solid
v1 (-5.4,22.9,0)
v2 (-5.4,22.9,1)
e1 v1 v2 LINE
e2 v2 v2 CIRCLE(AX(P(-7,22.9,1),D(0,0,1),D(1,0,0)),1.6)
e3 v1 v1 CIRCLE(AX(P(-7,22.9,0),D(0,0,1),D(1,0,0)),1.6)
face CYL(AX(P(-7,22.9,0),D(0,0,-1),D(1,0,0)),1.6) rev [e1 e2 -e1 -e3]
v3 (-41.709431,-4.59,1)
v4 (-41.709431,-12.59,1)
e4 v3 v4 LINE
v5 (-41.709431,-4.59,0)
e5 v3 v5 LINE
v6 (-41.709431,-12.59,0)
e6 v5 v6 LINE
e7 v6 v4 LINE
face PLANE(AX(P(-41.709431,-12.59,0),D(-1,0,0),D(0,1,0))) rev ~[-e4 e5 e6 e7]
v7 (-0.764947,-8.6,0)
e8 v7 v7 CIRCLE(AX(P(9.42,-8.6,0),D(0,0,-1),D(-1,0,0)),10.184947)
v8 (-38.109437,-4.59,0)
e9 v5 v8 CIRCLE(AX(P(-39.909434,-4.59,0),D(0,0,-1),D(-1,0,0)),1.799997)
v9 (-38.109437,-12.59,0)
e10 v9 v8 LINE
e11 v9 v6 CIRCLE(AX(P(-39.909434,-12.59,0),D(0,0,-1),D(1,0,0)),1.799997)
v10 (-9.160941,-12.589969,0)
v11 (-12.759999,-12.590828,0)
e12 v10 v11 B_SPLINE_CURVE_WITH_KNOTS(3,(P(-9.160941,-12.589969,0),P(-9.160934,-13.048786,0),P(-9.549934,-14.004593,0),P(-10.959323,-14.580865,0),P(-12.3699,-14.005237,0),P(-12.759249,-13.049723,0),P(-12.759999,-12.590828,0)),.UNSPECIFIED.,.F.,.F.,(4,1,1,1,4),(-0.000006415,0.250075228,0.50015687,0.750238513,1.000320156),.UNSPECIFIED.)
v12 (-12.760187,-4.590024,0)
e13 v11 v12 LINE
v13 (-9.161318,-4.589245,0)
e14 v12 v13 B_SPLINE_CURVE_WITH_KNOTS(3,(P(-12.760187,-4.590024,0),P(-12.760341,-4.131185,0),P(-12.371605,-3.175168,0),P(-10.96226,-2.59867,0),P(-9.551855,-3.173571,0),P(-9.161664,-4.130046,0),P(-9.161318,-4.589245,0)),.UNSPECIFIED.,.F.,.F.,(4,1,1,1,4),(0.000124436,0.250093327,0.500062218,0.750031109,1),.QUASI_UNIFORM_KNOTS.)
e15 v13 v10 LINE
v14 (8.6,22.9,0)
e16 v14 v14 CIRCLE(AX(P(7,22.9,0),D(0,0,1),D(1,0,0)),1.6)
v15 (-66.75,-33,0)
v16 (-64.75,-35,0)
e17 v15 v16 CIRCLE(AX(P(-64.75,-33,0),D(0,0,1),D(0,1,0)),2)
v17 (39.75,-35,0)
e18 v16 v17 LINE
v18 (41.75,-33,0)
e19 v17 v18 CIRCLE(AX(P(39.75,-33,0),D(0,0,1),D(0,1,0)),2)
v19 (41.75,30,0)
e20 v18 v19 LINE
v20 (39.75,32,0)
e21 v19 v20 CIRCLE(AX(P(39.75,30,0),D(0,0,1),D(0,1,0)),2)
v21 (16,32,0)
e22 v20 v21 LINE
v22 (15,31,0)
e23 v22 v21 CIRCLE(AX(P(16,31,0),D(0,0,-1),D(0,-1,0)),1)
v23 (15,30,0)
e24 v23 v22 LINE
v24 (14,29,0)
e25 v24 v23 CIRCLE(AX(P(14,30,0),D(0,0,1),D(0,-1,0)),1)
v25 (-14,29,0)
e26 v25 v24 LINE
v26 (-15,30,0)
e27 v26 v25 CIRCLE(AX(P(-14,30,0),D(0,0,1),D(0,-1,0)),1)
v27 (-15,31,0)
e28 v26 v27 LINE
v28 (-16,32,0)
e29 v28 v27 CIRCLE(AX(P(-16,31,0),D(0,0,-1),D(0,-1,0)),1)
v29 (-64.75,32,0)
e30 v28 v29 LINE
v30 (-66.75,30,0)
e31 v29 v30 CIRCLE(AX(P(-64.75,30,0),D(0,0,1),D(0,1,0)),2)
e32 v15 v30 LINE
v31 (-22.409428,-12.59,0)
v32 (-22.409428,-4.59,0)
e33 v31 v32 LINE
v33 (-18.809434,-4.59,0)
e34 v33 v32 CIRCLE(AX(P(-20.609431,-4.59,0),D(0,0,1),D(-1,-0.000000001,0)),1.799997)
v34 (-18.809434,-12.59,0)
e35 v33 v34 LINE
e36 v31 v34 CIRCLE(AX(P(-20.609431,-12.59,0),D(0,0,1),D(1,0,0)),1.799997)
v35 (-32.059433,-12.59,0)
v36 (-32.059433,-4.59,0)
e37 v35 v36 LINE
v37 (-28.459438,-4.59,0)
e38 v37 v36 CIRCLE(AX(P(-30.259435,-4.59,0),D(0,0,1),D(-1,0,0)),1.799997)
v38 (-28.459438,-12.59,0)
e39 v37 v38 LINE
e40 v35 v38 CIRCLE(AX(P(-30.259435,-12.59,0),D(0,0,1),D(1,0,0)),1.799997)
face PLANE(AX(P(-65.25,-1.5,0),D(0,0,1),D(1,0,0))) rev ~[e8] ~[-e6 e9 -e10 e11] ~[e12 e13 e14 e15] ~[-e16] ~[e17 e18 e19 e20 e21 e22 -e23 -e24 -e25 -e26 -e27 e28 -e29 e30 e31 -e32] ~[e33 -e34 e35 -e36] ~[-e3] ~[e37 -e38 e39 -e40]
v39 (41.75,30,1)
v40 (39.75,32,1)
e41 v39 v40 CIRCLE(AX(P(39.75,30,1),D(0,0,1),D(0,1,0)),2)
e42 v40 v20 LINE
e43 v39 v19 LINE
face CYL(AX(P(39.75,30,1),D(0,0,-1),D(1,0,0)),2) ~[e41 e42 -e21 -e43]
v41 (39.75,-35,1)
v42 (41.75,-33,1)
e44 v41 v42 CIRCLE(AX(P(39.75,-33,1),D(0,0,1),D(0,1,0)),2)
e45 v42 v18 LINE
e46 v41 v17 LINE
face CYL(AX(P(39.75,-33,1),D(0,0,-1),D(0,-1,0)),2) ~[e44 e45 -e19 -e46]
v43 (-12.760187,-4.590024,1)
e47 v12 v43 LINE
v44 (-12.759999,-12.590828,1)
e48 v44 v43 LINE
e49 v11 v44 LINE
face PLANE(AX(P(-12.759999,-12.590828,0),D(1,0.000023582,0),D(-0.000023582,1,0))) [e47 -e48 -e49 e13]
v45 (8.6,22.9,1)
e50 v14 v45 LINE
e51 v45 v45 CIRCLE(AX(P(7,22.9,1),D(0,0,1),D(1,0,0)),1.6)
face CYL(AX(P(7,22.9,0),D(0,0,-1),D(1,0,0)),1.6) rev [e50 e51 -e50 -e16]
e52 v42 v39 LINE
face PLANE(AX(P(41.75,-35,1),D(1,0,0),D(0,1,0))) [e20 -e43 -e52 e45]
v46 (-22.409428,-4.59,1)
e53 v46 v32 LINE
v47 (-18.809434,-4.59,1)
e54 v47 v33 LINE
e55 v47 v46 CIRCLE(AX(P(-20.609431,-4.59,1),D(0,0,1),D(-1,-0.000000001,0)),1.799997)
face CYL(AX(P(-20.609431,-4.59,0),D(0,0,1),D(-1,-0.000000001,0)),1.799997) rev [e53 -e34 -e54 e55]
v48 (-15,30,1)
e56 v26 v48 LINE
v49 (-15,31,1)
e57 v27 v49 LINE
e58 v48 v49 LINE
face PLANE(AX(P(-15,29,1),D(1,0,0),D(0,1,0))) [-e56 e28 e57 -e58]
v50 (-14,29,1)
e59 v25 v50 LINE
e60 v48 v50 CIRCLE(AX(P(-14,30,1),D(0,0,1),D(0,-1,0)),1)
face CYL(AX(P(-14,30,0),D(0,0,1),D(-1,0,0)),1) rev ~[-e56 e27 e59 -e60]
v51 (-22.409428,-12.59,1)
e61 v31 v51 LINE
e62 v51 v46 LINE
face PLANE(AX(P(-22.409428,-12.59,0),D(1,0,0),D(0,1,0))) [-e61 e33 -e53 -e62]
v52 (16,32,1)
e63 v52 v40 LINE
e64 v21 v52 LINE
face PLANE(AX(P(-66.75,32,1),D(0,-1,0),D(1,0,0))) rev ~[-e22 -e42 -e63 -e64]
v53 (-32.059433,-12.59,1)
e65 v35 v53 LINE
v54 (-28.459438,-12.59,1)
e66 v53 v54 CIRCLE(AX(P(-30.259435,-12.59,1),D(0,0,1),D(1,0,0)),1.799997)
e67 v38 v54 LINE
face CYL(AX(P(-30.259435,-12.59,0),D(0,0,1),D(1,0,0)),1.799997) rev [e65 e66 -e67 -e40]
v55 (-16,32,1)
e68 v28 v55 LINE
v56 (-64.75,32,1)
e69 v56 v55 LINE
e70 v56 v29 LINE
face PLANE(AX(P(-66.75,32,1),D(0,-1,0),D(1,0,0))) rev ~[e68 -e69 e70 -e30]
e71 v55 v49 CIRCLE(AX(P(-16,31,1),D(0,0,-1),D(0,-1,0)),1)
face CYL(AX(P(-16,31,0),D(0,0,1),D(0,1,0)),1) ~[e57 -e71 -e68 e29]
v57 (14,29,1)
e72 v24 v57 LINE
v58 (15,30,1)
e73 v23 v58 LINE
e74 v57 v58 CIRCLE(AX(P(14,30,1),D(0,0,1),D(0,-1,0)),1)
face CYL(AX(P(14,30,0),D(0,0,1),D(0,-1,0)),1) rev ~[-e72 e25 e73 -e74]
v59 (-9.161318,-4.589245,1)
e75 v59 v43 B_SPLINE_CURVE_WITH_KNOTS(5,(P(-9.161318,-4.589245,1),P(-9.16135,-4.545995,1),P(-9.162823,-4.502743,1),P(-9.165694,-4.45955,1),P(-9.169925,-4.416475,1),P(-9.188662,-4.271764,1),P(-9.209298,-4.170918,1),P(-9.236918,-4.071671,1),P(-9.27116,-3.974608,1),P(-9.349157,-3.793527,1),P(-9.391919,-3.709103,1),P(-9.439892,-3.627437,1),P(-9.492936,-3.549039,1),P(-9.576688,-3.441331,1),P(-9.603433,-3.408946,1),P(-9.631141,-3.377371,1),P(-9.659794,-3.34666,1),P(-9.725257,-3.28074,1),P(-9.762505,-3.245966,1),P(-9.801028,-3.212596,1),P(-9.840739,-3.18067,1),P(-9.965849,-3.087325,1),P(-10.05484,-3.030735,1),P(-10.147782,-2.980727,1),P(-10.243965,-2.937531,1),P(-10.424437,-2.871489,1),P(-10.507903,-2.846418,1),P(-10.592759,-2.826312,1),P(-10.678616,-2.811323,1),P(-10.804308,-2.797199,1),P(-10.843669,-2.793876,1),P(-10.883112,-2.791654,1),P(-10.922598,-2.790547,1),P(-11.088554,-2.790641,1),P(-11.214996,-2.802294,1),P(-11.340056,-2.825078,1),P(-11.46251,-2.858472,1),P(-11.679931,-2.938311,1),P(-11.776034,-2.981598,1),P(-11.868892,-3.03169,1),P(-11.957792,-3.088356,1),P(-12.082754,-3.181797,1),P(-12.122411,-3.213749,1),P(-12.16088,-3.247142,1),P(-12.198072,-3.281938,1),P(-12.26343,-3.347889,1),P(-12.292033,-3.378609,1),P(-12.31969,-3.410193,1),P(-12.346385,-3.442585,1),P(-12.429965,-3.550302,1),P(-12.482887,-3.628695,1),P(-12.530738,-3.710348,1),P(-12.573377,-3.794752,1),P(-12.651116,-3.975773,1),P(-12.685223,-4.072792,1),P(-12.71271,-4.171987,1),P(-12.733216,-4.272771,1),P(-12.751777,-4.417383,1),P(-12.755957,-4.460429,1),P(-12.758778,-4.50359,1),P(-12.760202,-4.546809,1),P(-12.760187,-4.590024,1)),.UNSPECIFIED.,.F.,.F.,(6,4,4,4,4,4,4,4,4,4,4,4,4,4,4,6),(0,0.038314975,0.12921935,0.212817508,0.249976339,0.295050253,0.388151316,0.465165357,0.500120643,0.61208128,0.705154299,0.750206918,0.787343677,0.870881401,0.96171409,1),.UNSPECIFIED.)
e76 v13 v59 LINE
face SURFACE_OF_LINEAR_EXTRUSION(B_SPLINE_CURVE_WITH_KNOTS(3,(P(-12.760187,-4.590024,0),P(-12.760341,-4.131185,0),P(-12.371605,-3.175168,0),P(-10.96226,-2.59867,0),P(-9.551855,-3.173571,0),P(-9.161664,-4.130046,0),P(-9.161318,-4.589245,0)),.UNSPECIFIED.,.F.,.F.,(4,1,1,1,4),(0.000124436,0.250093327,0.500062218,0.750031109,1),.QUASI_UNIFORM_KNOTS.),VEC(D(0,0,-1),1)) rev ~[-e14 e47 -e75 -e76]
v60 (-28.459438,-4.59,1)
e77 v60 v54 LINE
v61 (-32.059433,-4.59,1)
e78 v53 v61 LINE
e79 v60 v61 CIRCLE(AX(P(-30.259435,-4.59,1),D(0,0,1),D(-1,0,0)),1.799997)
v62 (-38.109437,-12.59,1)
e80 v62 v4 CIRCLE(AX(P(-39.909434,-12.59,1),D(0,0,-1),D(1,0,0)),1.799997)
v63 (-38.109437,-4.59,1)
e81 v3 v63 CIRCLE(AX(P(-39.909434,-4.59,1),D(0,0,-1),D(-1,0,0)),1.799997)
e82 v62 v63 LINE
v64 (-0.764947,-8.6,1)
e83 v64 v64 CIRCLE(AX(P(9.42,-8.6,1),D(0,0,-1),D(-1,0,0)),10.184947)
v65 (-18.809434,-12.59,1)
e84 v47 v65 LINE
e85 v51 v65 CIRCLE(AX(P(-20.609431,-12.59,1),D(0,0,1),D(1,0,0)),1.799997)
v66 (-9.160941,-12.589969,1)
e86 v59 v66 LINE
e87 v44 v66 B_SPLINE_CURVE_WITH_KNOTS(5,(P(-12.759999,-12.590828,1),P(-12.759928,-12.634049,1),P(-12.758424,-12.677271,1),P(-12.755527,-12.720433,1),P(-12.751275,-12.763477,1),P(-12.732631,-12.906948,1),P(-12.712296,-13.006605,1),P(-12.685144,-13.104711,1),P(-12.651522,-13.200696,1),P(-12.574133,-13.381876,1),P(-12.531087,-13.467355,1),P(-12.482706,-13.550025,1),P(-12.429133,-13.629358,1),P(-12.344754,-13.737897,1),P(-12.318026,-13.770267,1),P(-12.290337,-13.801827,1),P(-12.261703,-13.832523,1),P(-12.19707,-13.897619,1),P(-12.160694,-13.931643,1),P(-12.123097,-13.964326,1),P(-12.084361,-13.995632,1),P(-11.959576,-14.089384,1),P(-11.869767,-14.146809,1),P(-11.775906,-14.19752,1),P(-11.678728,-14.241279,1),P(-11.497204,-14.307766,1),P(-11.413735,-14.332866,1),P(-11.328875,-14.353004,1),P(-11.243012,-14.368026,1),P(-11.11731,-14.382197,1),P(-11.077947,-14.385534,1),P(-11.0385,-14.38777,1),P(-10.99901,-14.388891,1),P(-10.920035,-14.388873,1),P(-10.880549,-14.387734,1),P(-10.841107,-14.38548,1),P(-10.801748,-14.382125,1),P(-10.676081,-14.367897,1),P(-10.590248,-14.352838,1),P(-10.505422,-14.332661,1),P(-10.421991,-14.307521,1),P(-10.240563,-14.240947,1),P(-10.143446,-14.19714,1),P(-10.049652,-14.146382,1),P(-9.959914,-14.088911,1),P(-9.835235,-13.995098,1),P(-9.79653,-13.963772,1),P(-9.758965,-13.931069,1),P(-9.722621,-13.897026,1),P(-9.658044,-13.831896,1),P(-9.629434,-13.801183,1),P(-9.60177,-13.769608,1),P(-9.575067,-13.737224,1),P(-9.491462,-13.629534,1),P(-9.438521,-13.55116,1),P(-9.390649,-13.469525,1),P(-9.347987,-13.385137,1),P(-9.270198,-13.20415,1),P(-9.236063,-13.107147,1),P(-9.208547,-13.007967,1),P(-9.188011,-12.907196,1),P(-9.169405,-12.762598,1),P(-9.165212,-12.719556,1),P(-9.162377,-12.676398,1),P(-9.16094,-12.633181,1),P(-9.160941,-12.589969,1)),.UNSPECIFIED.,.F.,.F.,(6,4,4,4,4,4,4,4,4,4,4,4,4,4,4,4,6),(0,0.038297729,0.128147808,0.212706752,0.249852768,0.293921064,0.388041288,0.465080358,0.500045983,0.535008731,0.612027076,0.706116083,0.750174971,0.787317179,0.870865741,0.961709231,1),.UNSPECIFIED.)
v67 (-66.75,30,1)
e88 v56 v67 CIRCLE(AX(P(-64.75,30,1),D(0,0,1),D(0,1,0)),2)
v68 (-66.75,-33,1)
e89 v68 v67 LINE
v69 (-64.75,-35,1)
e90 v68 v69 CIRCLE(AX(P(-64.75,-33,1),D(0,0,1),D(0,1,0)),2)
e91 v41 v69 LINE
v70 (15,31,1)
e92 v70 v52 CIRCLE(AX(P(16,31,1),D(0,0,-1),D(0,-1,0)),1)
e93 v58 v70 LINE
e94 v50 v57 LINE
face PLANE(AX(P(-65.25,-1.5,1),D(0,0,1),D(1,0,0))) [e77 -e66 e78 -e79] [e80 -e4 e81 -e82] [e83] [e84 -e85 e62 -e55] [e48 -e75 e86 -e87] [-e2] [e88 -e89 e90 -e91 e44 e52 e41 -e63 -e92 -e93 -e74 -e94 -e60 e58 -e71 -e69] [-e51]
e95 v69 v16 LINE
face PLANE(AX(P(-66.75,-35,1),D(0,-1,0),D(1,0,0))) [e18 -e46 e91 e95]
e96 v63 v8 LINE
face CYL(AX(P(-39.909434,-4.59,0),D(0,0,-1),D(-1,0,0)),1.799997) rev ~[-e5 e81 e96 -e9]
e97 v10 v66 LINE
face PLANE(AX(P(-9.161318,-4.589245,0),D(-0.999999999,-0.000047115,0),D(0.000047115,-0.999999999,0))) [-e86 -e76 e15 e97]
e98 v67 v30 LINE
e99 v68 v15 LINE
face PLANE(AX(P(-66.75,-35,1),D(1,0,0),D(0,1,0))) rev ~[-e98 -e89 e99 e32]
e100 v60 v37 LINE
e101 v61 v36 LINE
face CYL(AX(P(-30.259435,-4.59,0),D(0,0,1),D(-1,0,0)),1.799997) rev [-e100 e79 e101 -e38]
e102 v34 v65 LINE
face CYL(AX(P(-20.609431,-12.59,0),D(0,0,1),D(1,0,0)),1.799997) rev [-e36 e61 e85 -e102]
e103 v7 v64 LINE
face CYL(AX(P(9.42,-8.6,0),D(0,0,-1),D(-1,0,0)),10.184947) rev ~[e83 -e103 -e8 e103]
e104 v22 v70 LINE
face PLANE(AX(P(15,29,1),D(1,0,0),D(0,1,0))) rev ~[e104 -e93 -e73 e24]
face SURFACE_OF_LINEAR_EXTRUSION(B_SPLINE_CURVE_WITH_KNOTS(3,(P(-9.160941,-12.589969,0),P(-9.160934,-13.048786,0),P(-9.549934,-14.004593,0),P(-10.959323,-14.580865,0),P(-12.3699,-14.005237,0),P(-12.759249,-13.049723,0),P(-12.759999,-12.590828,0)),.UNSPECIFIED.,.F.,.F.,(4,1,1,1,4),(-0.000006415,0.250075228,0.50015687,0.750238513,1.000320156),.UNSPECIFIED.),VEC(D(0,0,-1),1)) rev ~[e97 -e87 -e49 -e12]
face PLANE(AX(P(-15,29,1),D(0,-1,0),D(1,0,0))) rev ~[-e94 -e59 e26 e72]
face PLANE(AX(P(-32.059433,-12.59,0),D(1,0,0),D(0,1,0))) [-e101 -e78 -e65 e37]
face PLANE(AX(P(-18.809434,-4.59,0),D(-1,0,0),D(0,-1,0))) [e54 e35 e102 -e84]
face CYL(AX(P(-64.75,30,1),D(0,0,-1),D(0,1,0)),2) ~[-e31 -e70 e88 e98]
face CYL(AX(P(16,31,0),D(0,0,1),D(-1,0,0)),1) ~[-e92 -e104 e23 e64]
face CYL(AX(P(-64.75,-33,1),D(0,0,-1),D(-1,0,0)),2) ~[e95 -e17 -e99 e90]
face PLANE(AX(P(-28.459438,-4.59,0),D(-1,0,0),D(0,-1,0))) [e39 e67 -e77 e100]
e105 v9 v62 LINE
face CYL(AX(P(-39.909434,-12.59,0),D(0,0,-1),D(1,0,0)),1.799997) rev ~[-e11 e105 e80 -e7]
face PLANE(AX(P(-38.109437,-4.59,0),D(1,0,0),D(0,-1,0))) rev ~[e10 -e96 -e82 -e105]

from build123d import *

# Parameters (mm, degrees)
SKETCH_1_W          = 127.5
SKETCH_1_H          = 70
SKETCH_1_R          = 1.6
EXTRUDE_1_DEPTH     = 1
SKETCH_2_W          = 127.5
SKETCH_2_H          = 3
CUT_EXTRUDE_1_DEPTH = 10
SKETCH_3_W          = 22
SKETCH_3_H          = 67
CUT_EXTRUDE_2_DEPTH = 10
SKETCH_4_W          = 3
SKETCH_4_H          = 67
EXTRUDE_3_DEPTH     = 1
SKETCH_5_W          = 30
SKETCH_5_H          = 6
CUT_EXTRUDE_3_DEPTH = 5
FILLET_1_R          = 1
FILLET_2_R          = 2
SKETCH_6_R          = 10.184947092
CUT_EXTRUDE_4_DEPTH = 5


with BuildPart() as part:
    # 草图1 → 凸台-拉伸1 (new body)
    with BuildSketch(Plane.XY):
        Rectangle(SKETCH_1_W, SKETCH_1_H)
        with Locations((-7, 22.9)):
            Circle(SKETCH_1_R, mode=Mode.SUBTRACT)
        with Locations((7, 22.9)):
            Circle(SKETCH_1_R, mode=Mode.SUBTRACT)
    extrude(amount=EXTRUDE_1_DEPTH)

    # 草图2 → 切除-拉伸1 (cut)
    with BuildSketch(Plane.XY.offset(1)):
        with Locations((0, 33.5)):
            Rectangle(SKETCH_2_W, SKETCH_2_H)
    extrude(amount=-CUT_EXTRUDE_1_DEPTH, mode=Mode.SUBTRACT)

    # 草图3 → 切除-拉伸2 (cut)
    with BuildSketch(Plane.XY.offset(1)):
        with Locations((52.75, -1.5)):
            Rectangle(SKETCH_3_W, SKETCH_3_H)
    extrude(amount=-CUT_EXTRUDE_2_DEPTH, mode=Mode.SUBTRACT)

    # 草图4 → 凸台-拉伸3 (add)
    with BuildSketch(Plane.XY.offset(1)):
        with Locations((-65.25, -1.5)):
            Rectangle(SKETCH_4_W, SKETCH_4_H)
    extrude(amount=-EXTRUDE_3_DEPTH)

    # 草图5 → 切除-拉伸3 (cut, symmetric)
    with BuildSketch(Plane.XY.offset(1)):
        with Locations((0, 32)):
            Rectangle(SKETCH_5_W, SKETCH_5_H)
    extrude(amount=CUT_EXTRUDE_3_DEPTH, both=True, mode=Mode.SUBTRACT)

    # 圆角1
    fillet_1_edges = [part.edges().sort_by_distance(p)[0] for p in [
        (-15, 32, 0.5),
        (15, 32, 0.5),
        (15, 29, 0.5),
        (-15, 29, 0.5),
    ]]
    fillet(fillet_1_edges, radius=FILLET_1_R)

    # 圆角2
    fillet_2_edges = [part.edges().sort_by_distance(p)[0] for p in [
        (41.75, 32, 0.5),
        (41.75, -35, 0.5),
        (-66.75, -35, 0.5),
        (-66.75, 32, 0.5),
    ]]
    fillet(fillet_2_edges, radius=FILLET_2_R)

    # 草图6 → 切除-拉伸4 (cut, symmetric)
    with BuildSketch(Plane(origin=(0, 0, 0), x_dir=(-1, 0, 0), z_dir=(0, 0, -1))):
        with Locations((-9.42, -8.6)):
            Circle(SKETCH_6_R)
        with BuildLine():
            Line((12.759998774, -12.590828373), (12.760187446, -4.590023504))
            add(Edge.make_bspline(
                [(12.760187446, -4.590023504), (12.76034149, -4.131184745), (12.371605061, -3.175167995), (10.96226041, -2.598669542), (9.551855004, -3.173570847), (9.161664376, -4.130045812), (9.161317678, -4.589244926)],
                knots=[0.000124436, 0.000124436, 0.000124436, 0.000124436, 0.250093327, 0.500062218, 0.750031109, 1, 1, 1, 1], degree=3))
            Line((9.161317678, -4.589244926), (9.160940723, -12.589969013))
            add(Edge.make_bspline(
                [(9.160940723, -12.589969013), (9.16093388, -13.04878603), (9.54993428, -14.004593398), (10.95932287, -14.580864951), (12.369900224, -14.00523711), (12.759249328, -13.049723173), (12.759998774, -12.590828373)],
                knots=[-6.415e-06, -6.415e-06, -6.415e-06, -6.415e-06, 0.250075228, 0.50015687, 0.750238513, 1.000320156, 1.000320156, 1.000320156, 1.000320156], degree=3))
        make_face()
        with BuildLine():
            Line((22.409427896, -12.590000012), (22.409427896, -4.589999921))
            ThreePointArc((22.409427896, -4.589999921), (20.60943071, -2.790002734), (18.809433524, -4.589999921))
            Line((18.809433524, -4.589999921), (18.809433524, -12.590000012))
            ThreePointArc((18.809433524, -12.590000012), (20.60943071, -14.389997198), (22.409427896, -12.590000012))
        make_face()
        with BuildLine():
            Line((32.059432501, -12.590000012), (32.059432501, -4.589999921))
            ThreePointArc((32.059432501, -4.589999921), (30.259435314, -2.790002734), (28.459438128, -4.589999921))
            Line((28.459438128, -4.589999921), (28.459438128, -12.590000012))
            ThreePointArc((28.459438128, -12.590000012), (30.259435314, -14.389997198), (32.059432501, -12.590000012))
        make_face()
        with BuildLine():
            Line((41.709430966, -12.590000012), (41.709430966, -4.589999921))
            ThreePointArc((41.709430966, -4.589999921), (39.90943378, -2.790002734), (38.109436593, -4.589999921))
            Line((38.109436593, -4.589999921), (38.109436593, -12.590000012))
            ThreePointArc((38.109436593, -12.590000012), (39.90943378, -14.389997198), (41.709430966, -12.590000012))
        make_face()
    extrude(amount=CUT_EXTRUDE_4_DEPTH, both=True, mode=Mode.SUBTRACT)


solid = part.part
